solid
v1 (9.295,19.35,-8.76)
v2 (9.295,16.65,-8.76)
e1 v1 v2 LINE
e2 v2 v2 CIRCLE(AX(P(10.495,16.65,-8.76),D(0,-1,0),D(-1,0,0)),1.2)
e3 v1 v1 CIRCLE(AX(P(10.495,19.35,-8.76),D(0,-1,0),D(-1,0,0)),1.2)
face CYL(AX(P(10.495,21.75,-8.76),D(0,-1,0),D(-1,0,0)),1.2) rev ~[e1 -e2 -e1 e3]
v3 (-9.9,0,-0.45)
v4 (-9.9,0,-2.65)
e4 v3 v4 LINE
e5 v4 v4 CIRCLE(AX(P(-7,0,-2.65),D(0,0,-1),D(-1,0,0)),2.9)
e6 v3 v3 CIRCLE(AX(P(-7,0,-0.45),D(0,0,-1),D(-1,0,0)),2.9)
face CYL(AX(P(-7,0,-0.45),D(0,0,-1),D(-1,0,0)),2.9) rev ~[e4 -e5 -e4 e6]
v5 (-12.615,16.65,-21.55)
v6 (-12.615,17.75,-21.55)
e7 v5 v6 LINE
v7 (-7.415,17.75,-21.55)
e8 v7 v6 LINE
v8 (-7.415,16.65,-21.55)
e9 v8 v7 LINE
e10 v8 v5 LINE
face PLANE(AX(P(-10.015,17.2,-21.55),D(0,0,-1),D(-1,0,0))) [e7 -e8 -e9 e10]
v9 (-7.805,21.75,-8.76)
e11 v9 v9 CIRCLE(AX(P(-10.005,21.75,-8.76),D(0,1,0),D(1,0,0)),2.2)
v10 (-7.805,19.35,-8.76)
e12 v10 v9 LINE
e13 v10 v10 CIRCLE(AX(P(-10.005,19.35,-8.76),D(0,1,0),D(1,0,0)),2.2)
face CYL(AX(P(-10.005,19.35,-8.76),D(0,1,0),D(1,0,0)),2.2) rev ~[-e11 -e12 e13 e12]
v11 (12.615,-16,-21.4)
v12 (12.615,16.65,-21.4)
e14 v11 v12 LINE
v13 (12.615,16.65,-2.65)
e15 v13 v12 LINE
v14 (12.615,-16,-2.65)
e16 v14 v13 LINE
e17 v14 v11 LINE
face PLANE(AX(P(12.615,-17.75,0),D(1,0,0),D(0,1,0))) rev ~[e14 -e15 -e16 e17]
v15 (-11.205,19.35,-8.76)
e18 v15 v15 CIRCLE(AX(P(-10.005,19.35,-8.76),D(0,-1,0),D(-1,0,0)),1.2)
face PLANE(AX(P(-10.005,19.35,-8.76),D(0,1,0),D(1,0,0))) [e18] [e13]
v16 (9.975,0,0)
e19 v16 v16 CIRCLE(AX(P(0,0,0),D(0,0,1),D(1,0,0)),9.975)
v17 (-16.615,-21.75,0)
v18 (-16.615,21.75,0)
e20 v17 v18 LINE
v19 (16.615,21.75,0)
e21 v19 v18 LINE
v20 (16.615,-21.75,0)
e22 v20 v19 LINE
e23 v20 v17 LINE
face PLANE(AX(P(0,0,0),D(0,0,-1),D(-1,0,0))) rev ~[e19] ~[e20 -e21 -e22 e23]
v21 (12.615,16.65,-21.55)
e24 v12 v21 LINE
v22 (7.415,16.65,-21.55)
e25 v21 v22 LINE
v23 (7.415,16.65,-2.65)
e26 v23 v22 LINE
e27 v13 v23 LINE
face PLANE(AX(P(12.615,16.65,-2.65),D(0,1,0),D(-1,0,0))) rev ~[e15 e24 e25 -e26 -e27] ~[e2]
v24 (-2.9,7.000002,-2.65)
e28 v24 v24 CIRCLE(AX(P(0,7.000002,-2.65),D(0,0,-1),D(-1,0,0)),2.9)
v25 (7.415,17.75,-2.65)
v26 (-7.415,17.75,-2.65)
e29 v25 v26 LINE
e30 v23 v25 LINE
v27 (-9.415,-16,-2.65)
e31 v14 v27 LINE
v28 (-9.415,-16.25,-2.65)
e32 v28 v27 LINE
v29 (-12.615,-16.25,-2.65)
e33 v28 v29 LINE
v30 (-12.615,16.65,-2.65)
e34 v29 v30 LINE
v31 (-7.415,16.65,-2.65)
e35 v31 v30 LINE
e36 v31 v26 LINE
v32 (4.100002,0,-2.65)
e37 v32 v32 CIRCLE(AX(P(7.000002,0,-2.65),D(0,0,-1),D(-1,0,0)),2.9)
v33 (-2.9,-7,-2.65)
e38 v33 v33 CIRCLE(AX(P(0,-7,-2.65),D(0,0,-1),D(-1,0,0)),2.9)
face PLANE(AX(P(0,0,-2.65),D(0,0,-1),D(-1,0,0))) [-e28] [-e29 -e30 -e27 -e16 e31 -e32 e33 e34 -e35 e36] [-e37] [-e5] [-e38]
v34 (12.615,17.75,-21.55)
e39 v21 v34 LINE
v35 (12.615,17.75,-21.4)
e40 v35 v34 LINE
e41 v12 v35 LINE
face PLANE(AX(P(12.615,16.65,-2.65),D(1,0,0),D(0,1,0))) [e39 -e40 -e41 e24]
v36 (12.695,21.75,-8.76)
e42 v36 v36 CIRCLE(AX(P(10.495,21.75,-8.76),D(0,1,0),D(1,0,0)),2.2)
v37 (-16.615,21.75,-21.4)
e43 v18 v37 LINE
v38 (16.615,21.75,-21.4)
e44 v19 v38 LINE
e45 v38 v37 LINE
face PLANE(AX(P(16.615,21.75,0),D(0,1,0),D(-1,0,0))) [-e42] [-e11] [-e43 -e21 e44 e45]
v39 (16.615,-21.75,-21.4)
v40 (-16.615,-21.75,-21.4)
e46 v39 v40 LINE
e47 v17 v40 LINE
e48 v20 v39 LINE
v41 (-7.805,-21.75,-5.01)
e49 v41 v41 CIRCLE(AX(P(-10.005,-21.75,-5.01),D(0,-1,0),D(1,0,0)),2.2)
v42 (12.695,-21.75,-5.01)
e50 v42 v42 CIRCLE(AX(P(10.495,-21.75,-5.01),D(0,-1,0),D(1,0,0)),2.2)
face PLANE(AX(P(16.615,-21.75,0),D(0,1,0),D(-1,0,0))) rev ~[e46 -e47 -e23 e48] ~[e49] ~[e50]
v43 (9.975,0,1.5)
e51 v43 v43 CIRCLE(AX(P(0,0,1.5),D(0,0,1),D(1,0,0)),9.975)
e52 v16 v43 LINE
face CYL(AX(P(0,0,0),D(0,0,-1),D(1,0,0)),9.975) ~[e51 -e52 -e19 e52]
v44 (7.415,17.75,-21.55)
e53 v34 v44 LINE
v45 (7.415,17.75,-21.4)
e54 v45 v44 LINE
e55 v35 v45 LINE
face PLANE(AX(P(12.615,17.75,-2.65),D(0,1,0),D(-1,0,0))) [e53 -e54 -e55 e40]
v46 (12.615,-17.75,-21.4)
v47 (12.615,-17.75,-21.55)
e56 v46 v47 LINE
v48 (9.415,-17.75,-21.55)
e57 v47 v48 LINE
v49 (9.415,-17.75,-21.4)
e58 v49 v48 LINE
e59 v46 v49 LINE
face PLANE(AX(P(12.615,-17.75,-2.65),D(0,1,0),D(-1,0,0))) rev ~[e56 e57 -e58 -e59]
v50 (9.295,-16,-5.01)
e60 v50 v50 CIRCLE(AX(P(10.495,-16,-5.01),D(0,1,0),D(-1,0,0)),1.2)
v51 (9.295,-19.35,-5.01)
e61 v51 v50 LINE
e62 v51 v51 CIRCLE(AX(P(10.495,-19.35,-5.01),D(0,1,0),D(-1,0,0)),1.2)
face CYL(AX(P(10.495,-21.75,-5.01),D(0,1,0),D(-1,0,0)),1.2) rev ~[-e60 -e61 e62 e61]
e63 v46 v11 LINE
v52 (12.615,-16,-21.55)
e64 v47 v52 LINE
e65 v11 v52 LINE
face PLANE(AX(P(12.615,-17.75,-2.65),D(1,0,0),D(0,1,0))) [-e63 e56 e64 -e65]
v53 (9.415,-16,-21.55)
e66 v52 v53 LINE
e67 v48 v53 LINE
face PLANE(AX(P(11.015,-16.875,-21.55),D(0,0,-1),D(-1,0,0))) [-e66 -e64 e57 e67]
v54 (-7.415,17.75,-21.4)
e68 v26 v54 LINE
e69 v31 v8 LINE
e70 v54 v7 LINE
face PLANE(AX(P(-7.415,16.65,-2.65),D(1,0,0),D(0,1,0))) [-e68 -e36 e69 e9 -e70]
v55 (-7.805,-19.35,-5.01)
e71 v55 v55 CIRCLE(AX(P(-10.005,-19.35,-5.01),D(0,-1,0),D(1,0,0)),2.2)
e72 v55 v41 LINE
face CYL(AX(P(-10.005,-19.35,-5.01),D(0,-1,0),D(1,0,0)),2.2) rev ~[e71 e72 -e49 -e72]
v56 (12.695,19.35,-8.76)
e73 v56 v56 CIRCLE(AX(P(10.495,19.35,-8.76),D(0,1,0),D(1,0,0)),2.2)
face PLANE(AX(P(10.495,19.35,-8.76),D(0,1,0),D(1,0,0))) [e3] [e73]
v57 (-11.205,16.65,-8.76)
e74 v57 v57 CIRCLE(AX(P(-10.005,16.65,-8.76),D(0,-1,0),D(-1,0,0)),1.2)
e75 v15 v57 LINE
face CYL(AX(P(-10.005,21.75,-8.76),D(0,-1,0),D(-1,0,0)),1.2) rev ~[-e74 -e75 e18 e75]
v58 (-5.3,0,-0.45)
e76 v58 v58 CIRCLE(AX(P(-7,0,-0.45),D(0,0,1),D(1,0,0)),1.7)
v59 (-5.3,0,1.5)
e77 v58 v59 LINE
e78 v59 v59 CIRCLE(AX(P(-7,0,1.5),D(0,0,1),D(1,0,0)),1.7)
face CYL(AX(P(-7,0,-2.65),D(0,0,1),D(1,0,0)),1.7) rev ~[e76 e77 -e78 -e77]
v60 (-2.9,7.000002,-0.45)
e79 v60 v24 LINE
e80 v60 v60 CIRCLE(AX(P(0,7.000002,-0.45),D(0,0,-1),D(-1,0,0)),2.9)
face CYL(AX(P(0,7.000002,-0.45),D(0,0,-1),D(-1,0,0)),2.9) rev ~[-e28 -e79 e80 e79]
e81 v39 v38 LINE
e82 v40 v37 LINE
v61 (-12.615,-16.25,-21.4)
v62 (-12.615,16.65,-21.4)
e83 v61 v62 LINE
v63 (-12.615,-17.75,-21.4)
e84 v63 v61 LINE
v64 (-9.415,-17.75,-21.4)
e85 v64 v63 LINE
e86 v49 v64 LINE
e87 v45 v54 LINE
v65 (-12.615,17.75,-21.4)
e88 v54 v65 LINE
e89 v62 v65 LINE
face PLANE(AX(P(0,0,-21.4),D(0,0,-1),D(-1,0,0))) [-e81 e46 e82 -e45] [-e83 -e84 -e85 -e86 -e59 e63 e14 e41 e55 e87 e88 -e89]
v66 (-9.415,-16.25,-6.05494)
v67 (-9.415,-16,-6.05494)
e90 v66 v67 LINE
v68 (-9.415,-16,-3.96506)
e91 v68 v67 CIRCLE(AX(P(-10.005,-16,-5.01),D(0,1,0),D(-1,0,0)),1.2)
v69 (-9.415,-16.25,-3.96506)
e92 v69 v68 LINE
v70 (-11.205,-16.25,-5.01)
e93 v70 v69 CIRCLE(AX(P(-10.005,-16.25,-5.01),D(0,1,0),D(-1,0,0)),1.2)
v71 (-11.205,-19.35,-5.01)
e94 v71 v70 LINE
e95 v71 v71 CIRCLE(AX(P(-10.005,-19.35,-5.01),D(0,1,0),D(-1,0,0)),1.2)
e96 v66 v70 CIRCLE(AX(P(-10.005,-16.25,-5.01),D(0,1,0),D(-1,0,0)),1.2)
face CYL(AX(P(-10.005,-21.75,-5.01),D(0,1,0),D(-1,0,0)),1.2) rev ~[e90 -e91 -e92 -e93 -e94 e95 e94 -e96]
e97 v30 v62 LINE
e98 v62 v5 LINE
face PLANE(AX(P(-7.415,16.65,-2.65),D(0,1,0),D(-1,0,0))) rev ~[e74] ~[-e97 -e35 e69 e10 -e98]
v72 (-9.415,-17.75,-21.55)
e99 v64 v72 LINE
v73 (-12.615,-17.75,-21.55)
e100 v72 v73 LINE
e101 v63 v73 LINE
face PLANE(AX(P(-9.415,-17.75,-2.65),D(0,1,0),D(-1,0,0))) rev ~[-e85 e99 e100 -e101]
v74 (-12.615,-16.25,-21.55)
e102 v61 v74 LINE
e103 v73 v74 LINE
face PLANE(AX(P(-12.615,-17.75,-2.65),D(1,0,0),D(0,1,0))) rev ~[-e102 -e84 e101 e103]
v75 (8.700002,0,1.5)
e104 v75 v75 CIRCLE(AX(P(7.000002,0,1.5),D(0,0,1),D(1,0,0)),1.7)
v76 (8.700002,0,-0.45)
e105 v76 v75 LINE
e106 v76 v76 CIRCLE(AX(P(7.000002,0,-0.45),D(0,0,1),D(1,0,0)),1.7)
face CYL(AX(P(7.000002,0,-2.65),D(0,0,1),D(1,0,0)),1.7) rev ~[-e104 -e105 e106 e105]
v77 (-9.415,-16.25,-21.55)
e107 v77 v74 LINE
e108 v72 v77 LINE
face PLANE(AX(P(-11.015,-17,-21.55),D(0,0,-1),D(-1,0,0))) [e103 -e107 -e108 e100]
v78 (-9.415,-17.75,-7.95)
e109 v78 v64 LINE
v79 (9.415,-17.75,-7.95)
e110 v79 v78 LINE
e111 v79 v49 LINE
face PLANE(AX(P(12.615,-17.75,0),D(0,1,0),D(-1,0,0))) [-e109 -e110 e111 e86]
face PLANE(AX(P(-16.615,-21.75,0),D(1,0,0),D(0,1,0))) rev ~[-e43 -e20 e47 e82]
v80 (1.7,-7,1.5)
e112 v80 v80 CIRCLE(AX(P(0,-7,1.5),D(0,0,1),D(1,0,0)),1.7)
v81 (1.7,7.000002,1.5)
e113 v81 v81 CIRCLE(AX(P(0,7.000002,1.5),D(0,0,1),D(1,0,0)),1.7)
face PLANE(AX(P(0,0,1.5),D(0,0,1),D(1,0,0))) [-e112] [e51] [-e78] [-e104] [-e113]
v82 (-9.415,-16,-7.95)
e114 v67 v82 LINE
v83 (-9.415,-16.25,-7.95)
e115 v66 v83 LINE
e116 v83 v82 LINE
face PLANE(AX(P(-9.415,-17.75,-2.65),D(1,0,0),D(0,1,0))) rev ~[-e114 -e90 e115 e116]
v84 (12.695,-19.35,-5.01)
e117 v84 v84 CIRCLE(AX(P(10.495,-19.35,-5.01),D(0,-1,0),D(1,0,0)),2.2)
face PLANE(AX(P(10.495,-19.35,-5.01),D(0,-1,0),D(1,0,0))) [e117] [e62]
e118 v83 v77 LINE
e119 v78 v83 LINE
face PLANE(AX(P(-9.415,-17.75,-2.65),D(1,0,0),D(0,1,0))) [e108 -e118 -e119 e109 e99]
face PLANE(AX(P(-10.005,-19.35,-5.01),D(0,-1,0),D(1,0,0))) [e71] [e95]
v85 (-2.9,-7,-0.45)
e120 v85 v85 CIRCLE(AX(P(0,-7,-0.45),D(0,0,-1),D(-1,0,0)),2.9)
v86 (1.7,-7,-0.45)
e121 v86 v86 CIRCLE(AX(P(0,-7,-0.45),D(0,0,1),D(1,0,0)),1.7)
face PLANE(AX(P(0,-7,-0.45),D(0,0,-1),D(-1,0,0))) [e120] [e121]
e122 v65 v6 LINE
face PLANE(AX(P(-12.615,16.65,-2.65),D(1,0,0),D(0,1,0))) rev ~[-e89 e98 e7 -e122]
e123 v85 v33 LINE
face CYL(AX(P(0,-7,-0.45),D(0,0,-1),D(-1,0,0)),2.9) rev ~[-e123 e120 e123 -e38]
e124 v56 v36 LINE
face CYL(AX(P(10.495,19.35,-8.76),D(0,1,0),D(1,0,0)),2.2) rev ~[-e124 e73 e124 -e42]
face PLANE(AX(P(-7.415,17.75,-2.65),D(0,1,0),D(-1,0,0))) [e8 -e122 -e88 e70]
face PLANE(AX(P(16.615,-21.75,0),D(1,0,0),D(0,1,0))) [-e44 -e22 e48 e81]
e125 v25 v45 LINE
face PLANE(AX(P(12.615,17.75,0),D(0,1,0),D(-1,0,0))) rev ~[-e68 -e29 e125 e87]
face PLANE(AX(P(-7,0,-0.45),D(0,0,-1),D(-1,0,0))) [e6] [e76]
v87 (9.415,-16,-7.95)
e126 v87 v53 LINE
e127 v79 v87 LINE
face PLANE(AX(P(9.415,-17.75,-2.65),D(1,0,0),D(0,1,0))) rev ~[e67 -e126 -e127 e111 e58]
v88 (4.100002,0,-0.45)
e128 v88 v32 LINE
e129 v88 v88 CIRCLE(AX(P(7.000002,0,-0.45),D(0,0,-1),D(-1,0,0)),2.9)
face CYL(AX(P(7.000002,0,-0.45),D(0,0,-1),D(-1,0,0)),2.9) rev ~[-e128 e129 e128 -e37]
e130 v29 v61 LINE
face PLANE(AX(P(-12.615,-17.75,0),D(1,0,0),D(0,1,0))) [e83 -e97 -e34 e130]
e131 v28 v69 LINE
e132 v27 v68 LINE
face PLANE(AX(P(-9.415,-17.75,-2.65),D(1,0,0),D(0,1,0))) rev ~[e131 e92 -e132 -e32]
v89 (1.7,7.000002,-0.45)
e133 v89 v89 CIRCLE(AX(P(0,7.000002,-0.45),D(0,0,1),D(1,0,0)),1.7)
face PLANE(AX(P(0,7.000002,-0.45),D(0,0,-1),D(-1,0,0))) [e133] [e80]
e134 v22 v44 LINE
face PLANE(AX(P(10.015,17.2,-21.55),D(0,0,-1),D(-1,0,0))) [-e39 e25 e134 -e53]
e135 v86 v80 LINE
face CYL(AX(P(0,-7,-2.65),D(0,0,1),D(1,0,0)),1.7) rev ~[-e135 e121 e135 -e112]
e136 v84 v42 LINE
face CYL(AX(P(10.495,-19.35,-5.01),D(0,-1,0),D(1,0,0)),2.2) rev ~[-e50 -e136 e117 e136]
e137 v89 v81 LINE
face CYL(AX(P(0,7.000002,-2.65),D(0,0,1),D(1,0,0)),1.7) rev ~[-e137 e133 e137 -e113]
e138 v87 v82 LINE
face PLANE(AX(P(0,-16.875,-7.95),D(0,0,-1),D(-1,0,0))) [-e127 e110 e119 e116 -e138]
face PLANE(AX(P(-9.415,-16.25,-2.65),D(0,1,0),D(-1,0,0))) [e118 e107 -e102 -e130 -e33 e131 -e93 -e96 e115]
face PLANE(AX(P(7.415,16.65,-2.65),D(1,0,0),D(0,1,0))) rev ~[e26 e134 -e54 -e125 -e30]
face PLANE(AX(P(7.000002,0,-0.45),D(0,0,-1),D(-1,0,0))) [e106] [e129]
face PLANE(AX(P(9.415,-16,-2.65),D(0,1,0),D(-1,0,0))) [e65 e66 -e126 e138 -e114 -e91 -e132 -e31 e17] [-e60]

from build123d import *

# Parameters (mm, degrees)
SKETCH1_R                                           = 9.975
BOSS_EXTRUDE1_DEPTH                                 = 1.5
SKETCH3_W                                           = 25.23
SKETCH3_H                                           = 35.5
BOSS_EXTRUDE4_DEPTH                                 = 2.65
SKETCH3_5_W                                         = 33.23
SKETCH3_5_H                                         = 43.5
SKETCH3_5_W_2                                       = 25.23
SKETCH3_5_H_2                                       = 35.5
BOSS_EXTRUDE5_DEPTH                                 = 21.4
SKETCH4_W                                           = 5.2
SKETCH4_H                                           = 1.1
SKETCH4_W_2                                         = 3.2
SKETCH4_H_2                                         = 1.5
SKETCH4_H_3                                         = 1.75
BOSS_EXTRUDE6_DEPTH                                 = 18.9
SKETCH6_W                                           = 18.83
SKETCH6_H                                           = 1.75
BOSS_EXTRUDE7_DEPTH                                 = 5.3
SKETCH2_R                                           = 1.6
CUT_EXTRUDE1_DEPTH                                  = 37
CBORE_FOR_M3_HEX_SOCKET_HEAD_CAP_SCREW1_D           = 3.4
CBORE_FOR_M3_HEX_SOCKET_HEAD_CAP_SCREW1_DEPTH       = 4.15
CBORE_FOR_M3_HEX_SOCKET_HEAD_CAP_SCREW1_CBORE_D     = 5.8
CBORE_FOR_M3_HEX_SOCKET_HEAD_CAP_SCREW1_CBORE_DEPTH = 2.2
CBORE_FOR_M2_HEX_SOCKET_HEAD_CAP_SCREW1_D           = 2.4
CBORE_FOR_M2_HEX_SOCKET_HEAD_CAP_SCREW1_DEPTH       = 6.5
CBORE_FOR_M2_HEX_SOCKET_HEAD_CAP_SCREW1_CBORE_D     = 4.4
CBORE_FOR_M2_HEX_SOCKET_HEAD_CAP_SCREW1_CBORE_DEPTH = 2.4
CBORE_FOR_M2_HEX_SOCKET_HEAD_CAP_SCREW1_TIP         = 0.721032743
CBORE_FOR_M2_HEX_SOCKET_HEAD_CAP_SCREW2_D           = 2.4
CBORE_FOR_M2_HEX_SOCKET_HEAD_CAP_SCREW2_DEPTH       = 6.5
CBORE_FOR_M2_HEX_SOCKET_HEAD_CAP_SCREW2_CBORE_D     = 4.4
CBORE_FOR_M2_HEX_SOCKET_HEAD_CAP_SCREW2_CBORE_DEPTH = 2.4
CBORE_FOR_M2_HEX_SOCKET_HEAD_CAP_SCREW2_TIP         = 0.721032743


with BuildPart() as part:
    # Sketch1 → Boss-Extrude1 (new body)
    with BuildSketch(Plane.XY):
        Circle(SKETCH1_R)
    extrude(amount=BOSS_EXTRUDE1_DEPTH)

    # Sketch3 → Boss-Extrude4 (add)
    with BuildSketch(Plane(origin=(0, 0, 0), x_dir=(-1, 0, 0), z_dir=(0, 0, -1))):
        Rectangle(SKETCH3_W, SKETCH3_H)
    extrude(amount=BOSS_EXTRUDE4_DEPTH)

    # Sketch3<5> → Boss-Extrude5 (add)
    with BuildSketch(Plane(origin=(0, 0, 0), x_dir=(-1, 0, 0), z_dir=(0, 0, -1))):
        Rectangle(SKETCH3_5_W, SKETCH3_5_H)
        Rectangle(SKETCH3_5_W_2, SKETCH3_5_H_2, mode=Mode.SUBTRACT)
    extrude(amount=BOSS_EXTRUDE5_DEPTH)

    # Sketch4 → Boss-Extrude6 (add)
    with BuildSketch(Plane(origin=(0, 0, -2.65), x_dir=(-1, 0, 0), z_dir=(0, 0, -1))):
        with Locations((10.015, 17.2)):
            Rectangle(SKETCH4_W, SKETCH4_H)
        with Locations((-10.015, 17.2)):
            Rectangle(SKETCH4_W, SKETCH4_H)
        with Locations((11.015, -17)):
            Rectangle(SKETCH4_W_2, SKETCH4_H_2)
        with Locations((-11.015, -16.875)):
            Rectangle(SKETCH4_W_2, SKETCH4_H_3)
    extrude(amount=BOSS_EXTRUDE6_DEPTH)

    # Sketch6 → Boss-Extrude7 (add)
    with BuildSketch(Plane(origin=(0, 0, -2.65), x_dir=(-1, 0, 0), z_dir=(0, 0, -1))):
        with Locations((0, -16.875)):
            Rectangle(SKETCH6_W, SKETCH6_H)
    extrude(amount=BOSS_EXTRUDE7_DEPTH)

    # Sketch2 → Cut-Extrude1 (cut)
    with BuildSketch(Plane.XY.offset(1.5)):
        with Locations((7, 0)):
            Circle(SKETCH2_R)
        with Locations((0, -7)):
            Circle(SKETCH2_R)
        with Locations((-7, 0)):
            Circle(SKETCH2_R)
        with Locations((0, 7)):
            Circle(SKETCH2_R)
    extrude(amount=-CUT_EXTRUDE1_DEPTH, mode=Mode.SUBTRACT)

    # CBORE for M3 Hex Socket Head Cap Screw1
    with Locations(Plane(origin=(0, 0, -2.65), x_dir=(-1, 0, 0), z_dir=(0, 0, -1))):
        with Locations((0, 7.000001873), (-7.000001873, 0), (0, -7), (7, 0)):
            CounterBoreHole(CBORE_FOR_M3_HEX_SOCKET_HEAD_CAP_SCREW1_D / 2, CBORE_FOR_M3_HEX_SOCKET_HEAD_CAP_SCREW1_CBORE_D / 2, CBORE_FOR_M3_HEX_SOCKET_HEAD_CAP_SCREW1_CBORE_DEPTH, depth=CBORE_FOR_M3_HEX_SOCKET_HEAD_CAP_SCREW1_DEPTH)

    # CBORE for M2 Hex Socket Head Cap Screw1
    with Locations(Plane.XZ.offset(21.75)):
        with Locations((-10.005, -5.01), (10.495, -5.01)):
            CounterBoreHole(CBORE_FOR_M2_HEX_SOCKET_HEAD_CAP_SCREW1_D / 2, CBORE_FOR_M2_HEX_SOCKET_HEAD_CAP_SCREW1_CBORE_D / 2, CBORE_FOR_M2_HEX_SOCKET_HEAD_CAP_SCREW1_CBORE_DEPTH, depth=CBORE_FOR_M2_HEX_SOCKET_HEAD_CAP_SCREW1_DEPTH)
            with Locations((0, 0, -(CBORE_FOR_M2_HEX_SOCKET_HEAD_CAP_SCREW1_DEPTH + CBORE_FOR_M2_HEX_SOCKET_HEAD_CAP_SCREW1_TIP / 2))):  # 118° drill point
                Cone(0, CBORE_FOR_M2_HEX_SOCKET_HEAD_CAP_SCREW1_D / 2, CBORE_FOR_M2_HEX_SOCKET_HEAD_CAP_SCREW1_TIP, mode=Mode.SUBTRACT)

    # CBORE for M2 Hex Socket Head Cap Screw2
    with Locations(Plane(origin=(0, 21.75, 0), x_dir=(1, 0, 0), z_dir=(0, 1, 0))):
        with Locations((-10.005, 8.76), (10.495, 8.76)):
            CounterBoreHole(CBORE_FOR_M2_HEX_SOCKET_HEAD_CAP_SCREW2_D / 2, CBORE_FOR_M2_HEX_SOCKET_HEAD_CAP_SCREW2_CBORE_D / 2, CBORE_FOR_M2_HEX_SOCKET_HEAD_CAP_SCREW2_CBORE_DEPTH, depth=CBORE_FOR_M2_HEX_SOCKET_HEAD_CAP_SCREW2_DEPTH)
            with Locations((0, 0, -(CBORE_FOR_M2_HEX_SOCKET_HEAD_CAP_SCREW2_DEPTH + CBORE_FOR_M2_HEX_SOCKET_HEAD_CAP_SCREW2_TIP / 2))):  # 118° drill point
                Cone(0, CBORE_FOR_M2_HEX_SOCKET_HEAD_CAP_SCREW2_D / 2, CBORE_FOR_M2_HEX_SOCKET_HEAD_CAP_SCREW2_TIP, mode=Mode.SUBTRACT)


solid = part.part
